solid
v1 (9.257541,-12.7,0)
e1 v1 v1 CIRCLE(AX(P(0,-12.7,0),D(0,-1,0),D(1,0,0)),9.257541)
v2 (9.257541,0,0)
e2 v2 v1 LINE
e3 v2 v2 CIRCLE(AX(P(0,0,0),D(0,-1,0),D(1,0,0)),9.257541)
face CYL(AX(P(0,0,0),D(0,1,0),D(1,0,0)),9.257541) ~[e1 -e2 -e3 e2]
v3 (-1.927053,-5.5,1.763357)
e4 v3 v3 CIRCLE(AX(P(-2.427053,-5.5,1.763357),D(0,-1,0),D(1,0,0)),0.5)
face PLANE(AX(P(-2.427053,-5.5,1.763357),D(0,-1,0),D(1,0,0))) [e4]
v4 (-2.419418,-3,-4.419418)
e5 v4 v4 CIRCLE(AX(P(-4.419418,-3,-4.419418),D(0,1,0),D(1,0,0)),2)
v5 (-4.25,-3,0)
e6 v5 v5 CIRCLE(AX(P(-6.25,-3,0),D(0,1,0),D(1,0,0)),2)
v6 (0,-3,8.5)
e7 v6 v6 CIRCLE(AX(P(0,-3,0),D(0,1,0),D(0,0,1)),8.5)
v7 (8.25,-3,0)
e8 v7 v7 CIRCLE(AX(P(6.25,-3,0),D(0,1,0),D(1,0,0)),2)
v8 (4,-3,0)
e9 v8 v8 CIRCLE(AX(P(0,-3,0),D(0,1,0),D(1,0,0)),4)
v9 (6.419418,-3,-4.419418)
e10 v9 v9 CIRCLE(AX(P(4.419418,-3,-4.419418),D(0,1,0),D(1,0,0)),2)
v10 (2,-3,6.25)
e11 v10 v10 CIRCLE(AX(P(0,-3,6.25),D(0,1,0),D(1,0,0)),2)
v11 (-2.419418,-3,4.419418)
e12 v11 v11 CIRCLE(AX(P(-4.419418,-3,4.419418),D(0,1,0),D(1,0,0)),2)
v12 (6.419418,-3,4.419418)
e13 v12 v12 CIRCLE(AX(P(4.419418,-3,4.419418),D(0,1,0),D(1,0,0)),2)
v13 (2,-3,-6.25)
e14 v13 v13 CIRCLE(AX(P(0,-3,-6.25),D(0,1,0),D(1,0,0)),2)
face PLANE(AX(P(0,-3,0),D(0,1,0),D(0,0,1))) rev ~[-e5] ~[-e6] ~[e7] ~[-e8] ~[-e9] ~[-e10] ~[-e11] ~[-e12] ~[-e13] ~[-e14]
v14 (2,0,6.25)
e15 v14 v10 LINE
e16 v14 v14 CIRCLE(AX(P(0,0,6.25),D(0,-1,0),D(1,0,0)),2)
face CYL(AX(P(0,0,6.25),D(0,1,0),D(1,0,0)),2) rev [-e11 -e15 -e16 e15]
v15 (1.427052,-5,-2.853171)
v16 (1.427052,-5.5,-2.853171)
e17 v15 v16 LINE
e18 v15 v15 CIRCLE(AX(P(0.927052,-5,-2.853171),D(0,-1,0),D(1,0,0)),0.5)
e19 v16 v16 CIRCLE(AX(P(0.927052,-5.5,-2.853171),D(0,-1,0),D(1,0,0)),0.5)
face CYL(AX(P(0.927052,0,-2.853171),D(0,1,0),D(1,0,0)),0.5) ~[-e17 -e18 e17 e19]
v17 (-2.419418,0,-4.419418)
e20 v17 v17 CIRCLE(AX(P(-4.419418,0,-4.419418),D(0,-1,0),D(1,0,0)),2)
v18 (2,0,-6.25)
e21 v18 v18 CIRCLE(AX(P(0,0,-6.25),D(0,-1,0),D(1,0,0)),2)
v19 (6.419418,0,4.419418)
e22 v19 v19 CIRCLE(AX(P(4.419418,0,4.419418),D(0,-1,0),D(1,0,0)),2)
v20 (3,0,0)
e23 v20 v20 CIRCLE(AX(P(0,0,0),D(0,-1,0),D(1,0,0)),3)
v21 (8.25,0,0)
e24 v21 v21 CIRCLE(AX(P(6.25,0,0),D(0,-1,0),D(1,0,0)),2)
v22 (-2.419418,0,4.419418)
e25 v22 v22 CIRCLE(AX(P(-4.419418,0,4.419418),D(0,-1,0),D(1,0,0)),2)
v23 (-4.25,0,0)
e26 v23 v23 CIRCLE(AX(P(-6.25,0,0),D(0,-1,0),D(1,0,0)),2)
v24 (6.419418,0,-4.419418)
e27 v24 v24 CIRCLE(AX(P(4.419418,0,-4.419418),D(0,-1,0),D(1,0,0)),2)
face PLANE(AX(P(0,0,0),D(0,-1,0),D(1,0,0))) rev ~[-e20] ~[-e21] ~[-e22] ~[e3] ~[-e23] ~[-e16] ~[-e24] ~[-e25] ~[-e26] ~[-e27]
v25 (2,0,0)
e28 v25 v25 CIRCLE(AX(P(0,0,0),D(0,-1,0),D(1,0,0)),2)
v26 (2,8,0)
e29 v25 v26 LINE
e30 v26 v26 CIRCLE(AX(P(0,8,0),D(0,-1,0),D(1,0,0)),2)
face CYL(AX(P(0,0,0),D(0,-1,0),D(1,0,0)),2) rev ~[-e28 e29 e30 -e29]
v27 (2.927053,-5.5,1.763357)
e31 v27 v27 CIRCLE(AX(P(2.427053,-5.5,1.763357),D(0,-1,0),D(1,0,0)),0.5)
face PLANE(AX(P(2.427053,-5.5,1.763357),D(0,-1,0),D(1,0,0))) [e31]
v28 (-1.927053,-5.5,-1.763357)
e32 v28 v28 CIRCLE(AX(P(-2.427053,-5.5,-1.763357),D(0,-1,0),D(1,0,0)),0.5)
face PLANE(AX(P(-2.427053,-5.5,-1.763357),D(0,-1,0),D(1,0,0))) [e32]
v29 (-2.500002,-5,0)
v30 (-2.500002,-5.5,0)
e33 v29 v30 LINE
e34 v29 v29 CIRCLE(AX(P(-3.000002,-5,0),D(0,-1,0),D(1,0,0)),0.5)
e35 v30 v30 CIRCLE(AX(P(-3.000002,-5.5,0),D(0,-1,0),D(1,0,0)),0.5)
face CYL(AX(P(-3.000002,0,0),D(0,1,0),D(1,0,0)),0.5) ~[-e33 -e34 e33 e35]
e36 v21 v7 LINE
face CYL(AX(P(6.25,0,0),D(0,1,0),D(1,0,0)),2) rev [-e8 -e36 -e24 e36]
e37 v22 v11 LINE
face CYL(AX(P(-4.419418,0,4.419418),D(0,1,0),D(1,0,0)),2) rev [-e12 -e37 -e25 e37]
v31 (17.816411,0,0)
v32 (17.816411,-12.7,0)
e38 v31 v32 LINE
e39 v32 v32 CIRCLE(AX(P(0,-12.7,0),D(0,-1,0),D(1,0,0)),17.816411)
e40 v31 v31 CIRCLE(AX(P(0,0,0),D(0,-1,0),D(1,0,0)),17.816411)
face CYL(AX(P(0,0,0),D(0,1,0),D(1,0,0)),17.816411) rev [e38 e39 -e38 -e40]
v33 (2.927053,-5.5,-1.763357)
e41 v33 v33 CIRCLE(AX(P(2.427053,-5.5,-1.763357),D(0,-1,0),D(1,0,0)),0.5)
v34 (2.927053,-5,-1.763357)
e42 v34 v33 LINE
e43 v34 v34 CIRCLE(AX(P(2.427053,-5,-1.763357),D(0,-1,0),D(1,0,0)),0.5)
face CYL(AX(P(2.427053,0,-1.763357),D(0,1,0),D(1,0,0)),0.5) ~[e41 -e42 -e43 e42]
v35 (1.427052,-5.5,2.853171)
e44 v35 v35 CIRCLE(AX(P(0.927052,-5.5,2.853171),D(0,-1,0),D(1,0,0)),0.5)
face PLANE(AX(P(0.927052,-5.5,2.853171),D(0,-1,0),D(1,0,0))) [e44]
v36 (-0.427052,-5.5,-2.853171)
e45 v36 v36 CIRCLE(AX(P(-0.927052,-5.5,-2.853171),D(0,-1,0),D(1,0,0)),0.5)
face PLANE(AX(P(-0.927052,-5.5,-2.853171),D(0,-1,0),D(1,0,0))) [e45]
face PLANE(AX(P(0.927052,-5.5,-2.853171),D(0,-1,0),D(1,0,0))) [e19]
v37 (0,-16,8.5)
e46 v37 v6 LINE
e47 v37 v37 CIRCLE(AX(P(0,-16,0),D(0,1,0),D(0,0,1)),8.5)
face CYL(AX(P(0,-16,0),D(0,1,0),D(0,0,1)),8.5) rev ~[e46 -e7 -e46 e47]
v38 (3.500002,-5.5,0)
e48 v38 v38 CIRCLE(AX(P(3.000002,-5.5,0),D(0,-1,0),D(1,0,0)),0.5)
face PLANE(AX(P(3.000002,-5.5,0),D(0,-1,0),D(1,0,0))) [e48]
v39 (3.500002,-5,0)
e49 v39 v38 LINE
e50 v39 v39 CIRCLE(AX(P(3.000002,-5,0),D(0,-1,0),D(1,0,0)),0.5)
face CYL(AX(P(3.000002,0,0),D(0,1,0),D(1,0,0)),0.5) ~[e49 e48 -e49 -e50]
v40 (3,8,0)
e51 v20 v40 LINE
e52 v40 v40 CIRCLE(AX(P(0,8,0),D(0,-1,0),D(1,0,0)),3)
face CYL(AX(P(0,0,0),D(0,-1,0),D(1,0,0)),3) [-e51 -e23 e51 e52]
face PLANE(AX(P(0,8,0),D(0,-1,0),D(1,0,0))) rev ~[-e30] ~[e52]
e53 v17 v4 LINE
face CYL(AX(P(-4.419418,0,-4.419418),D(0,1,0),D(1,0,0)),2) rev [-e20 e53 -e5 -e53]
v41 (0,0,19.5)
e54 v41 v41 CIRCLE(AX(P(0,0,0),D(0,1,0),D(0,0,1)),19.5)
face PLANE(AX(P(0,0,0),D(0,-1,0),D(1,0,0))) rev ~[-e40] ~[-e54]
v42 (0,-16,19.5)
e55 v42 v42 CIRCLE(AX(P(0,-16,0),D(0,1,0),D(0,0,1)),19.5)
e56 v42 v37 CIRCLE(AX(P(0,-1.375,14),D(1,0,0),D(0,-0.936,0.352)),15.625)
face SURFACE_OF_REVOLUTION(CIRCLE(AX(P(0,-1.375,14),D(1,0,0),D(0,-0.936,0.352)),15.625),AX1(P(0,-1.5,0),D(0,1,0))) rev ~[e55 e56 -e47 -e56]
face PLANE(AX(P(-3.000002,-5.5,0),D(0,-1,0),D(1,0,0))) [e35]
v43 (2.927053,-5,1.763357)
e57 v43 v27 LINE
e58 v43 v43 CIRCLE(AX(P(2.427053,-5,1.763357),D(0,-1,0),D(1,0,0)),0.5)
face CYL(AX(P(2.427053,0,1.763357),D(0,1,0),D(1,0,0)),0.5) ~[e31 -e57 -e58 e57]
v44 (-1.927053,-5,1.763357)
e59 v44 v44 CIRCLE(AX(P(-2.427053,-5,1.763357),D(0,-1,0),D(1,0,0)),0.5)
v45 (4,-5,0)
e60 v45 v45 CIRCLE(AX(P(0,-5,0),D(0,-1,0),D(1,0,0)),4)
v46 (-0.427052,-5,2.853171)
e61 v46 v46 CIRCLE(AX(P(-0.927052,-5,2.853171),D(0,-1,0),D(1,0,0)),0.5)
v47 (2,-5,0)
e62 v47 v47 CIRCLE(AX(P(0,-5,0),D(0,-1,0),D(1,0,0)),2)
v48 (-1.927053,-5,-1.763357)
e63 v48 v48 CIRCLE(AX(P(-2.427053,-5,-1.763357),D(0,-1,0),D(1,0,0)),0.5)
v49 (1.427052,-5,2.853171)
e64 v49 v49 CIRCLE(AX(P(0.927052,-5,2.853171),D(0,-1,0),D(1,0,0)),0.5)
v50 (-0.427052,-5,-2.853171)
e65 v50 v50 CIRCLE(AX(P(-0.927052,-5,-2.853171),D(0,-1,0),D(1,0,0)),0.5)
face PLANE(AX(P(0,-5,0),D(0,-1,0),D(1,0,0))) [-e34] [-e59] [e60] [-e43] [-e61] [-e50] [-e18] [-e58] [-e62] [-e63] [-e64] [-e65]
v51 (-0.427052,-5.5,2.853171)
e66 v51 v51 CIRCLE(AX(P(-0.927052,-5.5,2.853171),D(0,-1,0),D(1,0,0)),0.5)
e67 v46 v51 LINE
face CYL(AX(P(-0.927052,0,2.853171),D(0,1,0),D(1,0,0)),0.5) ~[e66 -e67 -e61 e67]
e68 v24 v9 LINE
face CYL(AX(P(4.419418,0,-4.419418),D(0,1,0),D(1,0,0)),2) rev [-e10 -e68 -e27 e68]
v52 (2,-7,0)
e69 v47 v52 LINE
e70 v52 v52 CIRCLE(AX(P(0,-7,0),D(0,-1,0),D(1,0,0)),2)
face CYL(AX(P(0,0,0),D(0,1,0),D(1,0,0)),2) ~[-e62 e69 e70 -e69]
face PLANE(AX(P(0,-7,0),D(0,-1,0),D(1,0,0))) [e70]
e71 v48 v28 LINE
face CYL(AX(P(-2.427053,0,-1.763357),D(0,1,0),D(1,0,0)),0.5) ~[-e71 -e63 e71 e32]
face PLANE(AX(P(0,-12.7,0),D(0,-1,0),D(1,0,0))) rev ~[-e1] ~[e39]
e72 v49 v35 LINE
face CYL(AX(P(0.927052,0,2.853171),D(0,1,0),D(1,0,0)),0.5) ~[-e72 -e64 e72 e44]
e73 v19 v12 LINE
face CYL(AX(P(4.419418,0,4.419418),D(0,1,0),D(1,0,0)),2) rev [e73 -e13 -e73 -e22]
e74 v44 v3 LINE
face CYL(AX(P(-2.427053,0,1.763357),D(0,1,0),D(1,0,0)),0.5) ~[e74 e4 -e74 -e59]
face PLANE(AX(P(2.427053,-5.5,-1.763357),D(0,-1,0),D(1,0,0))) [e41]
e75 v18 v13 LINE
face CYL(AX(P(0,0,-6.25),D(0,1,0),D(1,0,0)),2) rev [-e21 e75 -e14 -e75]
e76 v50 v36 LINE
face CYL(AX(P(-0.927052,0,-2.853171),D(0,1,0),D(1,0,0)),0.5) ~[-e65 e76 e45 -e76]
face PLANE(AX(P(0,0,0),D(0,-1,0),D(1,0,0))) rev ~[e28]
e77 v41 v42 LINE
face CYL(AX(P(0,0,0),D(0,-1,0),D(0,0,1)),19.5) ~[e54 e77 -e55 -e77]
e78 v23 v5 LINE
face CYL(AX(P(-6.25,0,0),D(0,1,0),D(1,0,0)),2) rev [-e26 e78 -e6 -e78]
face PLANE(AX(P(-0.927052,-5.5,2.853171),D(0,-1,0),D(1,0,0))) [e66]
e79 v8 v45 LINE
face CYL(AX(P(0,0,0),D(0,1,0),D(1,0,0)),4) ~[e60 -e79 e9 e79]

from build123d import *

# Parameters (mm, degrees)
F0_R     = 2
F3_DEPTH = 32.004
F0_R_2   = 4
F0_R_3   = 0.5
F4_DEPTH = 5
F5_DEPTH = 5.5
F6_DEPTH = 7
F7_R     = 3
F7_R_2   = 2
F8_DEPTH = 8
F7_R_3   = 17.816411
F7_R_4   = 9.257541
F9_DEPTH = 12.7


with BuildPart() as f2:
    # F1 (on Right) → F2 (revolve)
    with BuildSketch(Plane.YZ):
        with BuildLine():
            Line((-3, 0), (0, 0))
            Line((0, 0), (0, 19.5))
            Line((0, 19.5), (-16, 19.5))
            ThreePointArc((-16, 19.5), (-17, 14), (-16, 8.5))
            Line((-16, 8.5), (-3, 8.5))
            Line((-3, 8.5), (-3, 0))
        make_face()
    revolve(axis=Axis((0, -1.5, 0), (0, 1, 0)))

    # F0 (on Front) → F3 (cut)
    with BuildSketch(Plane.XZ):
        with Locations((0, 6.25)):
            Circle(F0_R)
        with Locations((-4.419418, 4.419418)):
            Circle(F0_R)
        with Locations((-6.25, 0)):
            Circle(F0_R)
        with Locations((-4.419418, -4.419418)):
            Circle(F0_R)
        with Locations((0, -6.25)):
            Circle(F0_R)
        with Locations((4.419418, -4.419418)):
            Circle(F0_R)
        with Locations((6.25, 0)):
            Circle(F0_R)
        with Locations((4.419418, 4.419418)):
            Circle(F0_R)
    extrude(amount=F3_DEPTH, mode=Mode.SUBTRACT)

    # F0 (on Front) → F4 (join)
    with BuildSketch(Plane.XZ):
        Circle(F0_R_2)
        with Locations((-0.927052, -2.853171)):
            Circle(F0_R_3, mode=Mode.SUBTRACT)
        with Locations((-2.427053, -1.763357)):
            Circle(F0_R_3, mode=Mode.SUBTRACT)
        with Locations((0.927052, -2.853171)):
            Circle(F0_R_3, mode=Mode.SUBTRACT)
        with Locations((2.427053, -1.763357)):
            Circle(F0_R_3, mode=Mode.SUBTRACT)
        with Locations((-3.000002, 0)):
            Circle(F0_R_3, mode=Mode.SUBTRACT)
        with Locations((-2.427053, 1.763357)):
            Circle(F0_R_3, mode=Mode.SUBTRACT)
        with Locations((-0.927052, 2.853171)):
            Circle(F0_R_3, mode=Mode.SUBTRACT)
        Circle(F0_R, mode=Mode.SUBTRACT)
        with Locations((2.427053, 1.763357)):
            Circle(F0_R_3, mode=Mode.SUBTRACT)
        with Locations((3.000002, 0)):
            Circle(F0_R_3, mode=Mode.SUBTRACT)
        with Locations((0.927052, 2.853171)):
            Circle(F0_R_3, mode=Mode.SUBTRACT)
    extrude(amount=F4_DEPTH)

    # F0 (on Front) → F5 (join)
    with BuildSketch(Plane.XZ):
        with Locations((0.927052, 2.853171)):
            Circle(F0_R_3)
        with Locations((-0.927052, 2.853171)):
            Circle(F0_R_3)
        with Locations((-2.427053, 1.763357)):
            Circle(F0_R_3)
        with Locations((-3.000002, 0)):
            Circle(F0_R_3)
        with Locations((-2.427053, -1.763357)):
            Circle(F0_R_3)
        with Locations((-0.927052, -2.853171)):
            Circle(F0_R_3)
        with Locations((0.927052, -2.853171)):
            Circle(F0_R_3)
        with Locations((2.427053, -1.763357)):
            Circle(F0_R_3)
        with Locations((3.000002, 0)):
            Circle(F0_R_3)
        with Locations((2.427053, 1.763357)):
            Circle(F0_R_3)
    extrude(amount=F5_DEPTH)

    # F0 (on Front) → F6 (join)
    with BuildSketch(Plane.XZ):
        Circle(F0_R)
    extrude(amount=F6_DEPTH)

    # F7 (on face) → F8 (join)
    with BuildSketch(Plane.XZ):
        Circle(F7_R)
        Circle(F7_R_2, mode=Mode.SUBTRACT)
    extrude(amount=-F8_DEPTH)

    # F7 (on face) → F9 (cut)
    with BuildSketch(Plane.XZ):
        Circle(F7_R_3)
        Circle(F7_R_4, mode=Mode.SUBTRACT)
    extrude(amount=F9_DEPTH, mode=Mode.SUBTRACT)


solid = f2.part
